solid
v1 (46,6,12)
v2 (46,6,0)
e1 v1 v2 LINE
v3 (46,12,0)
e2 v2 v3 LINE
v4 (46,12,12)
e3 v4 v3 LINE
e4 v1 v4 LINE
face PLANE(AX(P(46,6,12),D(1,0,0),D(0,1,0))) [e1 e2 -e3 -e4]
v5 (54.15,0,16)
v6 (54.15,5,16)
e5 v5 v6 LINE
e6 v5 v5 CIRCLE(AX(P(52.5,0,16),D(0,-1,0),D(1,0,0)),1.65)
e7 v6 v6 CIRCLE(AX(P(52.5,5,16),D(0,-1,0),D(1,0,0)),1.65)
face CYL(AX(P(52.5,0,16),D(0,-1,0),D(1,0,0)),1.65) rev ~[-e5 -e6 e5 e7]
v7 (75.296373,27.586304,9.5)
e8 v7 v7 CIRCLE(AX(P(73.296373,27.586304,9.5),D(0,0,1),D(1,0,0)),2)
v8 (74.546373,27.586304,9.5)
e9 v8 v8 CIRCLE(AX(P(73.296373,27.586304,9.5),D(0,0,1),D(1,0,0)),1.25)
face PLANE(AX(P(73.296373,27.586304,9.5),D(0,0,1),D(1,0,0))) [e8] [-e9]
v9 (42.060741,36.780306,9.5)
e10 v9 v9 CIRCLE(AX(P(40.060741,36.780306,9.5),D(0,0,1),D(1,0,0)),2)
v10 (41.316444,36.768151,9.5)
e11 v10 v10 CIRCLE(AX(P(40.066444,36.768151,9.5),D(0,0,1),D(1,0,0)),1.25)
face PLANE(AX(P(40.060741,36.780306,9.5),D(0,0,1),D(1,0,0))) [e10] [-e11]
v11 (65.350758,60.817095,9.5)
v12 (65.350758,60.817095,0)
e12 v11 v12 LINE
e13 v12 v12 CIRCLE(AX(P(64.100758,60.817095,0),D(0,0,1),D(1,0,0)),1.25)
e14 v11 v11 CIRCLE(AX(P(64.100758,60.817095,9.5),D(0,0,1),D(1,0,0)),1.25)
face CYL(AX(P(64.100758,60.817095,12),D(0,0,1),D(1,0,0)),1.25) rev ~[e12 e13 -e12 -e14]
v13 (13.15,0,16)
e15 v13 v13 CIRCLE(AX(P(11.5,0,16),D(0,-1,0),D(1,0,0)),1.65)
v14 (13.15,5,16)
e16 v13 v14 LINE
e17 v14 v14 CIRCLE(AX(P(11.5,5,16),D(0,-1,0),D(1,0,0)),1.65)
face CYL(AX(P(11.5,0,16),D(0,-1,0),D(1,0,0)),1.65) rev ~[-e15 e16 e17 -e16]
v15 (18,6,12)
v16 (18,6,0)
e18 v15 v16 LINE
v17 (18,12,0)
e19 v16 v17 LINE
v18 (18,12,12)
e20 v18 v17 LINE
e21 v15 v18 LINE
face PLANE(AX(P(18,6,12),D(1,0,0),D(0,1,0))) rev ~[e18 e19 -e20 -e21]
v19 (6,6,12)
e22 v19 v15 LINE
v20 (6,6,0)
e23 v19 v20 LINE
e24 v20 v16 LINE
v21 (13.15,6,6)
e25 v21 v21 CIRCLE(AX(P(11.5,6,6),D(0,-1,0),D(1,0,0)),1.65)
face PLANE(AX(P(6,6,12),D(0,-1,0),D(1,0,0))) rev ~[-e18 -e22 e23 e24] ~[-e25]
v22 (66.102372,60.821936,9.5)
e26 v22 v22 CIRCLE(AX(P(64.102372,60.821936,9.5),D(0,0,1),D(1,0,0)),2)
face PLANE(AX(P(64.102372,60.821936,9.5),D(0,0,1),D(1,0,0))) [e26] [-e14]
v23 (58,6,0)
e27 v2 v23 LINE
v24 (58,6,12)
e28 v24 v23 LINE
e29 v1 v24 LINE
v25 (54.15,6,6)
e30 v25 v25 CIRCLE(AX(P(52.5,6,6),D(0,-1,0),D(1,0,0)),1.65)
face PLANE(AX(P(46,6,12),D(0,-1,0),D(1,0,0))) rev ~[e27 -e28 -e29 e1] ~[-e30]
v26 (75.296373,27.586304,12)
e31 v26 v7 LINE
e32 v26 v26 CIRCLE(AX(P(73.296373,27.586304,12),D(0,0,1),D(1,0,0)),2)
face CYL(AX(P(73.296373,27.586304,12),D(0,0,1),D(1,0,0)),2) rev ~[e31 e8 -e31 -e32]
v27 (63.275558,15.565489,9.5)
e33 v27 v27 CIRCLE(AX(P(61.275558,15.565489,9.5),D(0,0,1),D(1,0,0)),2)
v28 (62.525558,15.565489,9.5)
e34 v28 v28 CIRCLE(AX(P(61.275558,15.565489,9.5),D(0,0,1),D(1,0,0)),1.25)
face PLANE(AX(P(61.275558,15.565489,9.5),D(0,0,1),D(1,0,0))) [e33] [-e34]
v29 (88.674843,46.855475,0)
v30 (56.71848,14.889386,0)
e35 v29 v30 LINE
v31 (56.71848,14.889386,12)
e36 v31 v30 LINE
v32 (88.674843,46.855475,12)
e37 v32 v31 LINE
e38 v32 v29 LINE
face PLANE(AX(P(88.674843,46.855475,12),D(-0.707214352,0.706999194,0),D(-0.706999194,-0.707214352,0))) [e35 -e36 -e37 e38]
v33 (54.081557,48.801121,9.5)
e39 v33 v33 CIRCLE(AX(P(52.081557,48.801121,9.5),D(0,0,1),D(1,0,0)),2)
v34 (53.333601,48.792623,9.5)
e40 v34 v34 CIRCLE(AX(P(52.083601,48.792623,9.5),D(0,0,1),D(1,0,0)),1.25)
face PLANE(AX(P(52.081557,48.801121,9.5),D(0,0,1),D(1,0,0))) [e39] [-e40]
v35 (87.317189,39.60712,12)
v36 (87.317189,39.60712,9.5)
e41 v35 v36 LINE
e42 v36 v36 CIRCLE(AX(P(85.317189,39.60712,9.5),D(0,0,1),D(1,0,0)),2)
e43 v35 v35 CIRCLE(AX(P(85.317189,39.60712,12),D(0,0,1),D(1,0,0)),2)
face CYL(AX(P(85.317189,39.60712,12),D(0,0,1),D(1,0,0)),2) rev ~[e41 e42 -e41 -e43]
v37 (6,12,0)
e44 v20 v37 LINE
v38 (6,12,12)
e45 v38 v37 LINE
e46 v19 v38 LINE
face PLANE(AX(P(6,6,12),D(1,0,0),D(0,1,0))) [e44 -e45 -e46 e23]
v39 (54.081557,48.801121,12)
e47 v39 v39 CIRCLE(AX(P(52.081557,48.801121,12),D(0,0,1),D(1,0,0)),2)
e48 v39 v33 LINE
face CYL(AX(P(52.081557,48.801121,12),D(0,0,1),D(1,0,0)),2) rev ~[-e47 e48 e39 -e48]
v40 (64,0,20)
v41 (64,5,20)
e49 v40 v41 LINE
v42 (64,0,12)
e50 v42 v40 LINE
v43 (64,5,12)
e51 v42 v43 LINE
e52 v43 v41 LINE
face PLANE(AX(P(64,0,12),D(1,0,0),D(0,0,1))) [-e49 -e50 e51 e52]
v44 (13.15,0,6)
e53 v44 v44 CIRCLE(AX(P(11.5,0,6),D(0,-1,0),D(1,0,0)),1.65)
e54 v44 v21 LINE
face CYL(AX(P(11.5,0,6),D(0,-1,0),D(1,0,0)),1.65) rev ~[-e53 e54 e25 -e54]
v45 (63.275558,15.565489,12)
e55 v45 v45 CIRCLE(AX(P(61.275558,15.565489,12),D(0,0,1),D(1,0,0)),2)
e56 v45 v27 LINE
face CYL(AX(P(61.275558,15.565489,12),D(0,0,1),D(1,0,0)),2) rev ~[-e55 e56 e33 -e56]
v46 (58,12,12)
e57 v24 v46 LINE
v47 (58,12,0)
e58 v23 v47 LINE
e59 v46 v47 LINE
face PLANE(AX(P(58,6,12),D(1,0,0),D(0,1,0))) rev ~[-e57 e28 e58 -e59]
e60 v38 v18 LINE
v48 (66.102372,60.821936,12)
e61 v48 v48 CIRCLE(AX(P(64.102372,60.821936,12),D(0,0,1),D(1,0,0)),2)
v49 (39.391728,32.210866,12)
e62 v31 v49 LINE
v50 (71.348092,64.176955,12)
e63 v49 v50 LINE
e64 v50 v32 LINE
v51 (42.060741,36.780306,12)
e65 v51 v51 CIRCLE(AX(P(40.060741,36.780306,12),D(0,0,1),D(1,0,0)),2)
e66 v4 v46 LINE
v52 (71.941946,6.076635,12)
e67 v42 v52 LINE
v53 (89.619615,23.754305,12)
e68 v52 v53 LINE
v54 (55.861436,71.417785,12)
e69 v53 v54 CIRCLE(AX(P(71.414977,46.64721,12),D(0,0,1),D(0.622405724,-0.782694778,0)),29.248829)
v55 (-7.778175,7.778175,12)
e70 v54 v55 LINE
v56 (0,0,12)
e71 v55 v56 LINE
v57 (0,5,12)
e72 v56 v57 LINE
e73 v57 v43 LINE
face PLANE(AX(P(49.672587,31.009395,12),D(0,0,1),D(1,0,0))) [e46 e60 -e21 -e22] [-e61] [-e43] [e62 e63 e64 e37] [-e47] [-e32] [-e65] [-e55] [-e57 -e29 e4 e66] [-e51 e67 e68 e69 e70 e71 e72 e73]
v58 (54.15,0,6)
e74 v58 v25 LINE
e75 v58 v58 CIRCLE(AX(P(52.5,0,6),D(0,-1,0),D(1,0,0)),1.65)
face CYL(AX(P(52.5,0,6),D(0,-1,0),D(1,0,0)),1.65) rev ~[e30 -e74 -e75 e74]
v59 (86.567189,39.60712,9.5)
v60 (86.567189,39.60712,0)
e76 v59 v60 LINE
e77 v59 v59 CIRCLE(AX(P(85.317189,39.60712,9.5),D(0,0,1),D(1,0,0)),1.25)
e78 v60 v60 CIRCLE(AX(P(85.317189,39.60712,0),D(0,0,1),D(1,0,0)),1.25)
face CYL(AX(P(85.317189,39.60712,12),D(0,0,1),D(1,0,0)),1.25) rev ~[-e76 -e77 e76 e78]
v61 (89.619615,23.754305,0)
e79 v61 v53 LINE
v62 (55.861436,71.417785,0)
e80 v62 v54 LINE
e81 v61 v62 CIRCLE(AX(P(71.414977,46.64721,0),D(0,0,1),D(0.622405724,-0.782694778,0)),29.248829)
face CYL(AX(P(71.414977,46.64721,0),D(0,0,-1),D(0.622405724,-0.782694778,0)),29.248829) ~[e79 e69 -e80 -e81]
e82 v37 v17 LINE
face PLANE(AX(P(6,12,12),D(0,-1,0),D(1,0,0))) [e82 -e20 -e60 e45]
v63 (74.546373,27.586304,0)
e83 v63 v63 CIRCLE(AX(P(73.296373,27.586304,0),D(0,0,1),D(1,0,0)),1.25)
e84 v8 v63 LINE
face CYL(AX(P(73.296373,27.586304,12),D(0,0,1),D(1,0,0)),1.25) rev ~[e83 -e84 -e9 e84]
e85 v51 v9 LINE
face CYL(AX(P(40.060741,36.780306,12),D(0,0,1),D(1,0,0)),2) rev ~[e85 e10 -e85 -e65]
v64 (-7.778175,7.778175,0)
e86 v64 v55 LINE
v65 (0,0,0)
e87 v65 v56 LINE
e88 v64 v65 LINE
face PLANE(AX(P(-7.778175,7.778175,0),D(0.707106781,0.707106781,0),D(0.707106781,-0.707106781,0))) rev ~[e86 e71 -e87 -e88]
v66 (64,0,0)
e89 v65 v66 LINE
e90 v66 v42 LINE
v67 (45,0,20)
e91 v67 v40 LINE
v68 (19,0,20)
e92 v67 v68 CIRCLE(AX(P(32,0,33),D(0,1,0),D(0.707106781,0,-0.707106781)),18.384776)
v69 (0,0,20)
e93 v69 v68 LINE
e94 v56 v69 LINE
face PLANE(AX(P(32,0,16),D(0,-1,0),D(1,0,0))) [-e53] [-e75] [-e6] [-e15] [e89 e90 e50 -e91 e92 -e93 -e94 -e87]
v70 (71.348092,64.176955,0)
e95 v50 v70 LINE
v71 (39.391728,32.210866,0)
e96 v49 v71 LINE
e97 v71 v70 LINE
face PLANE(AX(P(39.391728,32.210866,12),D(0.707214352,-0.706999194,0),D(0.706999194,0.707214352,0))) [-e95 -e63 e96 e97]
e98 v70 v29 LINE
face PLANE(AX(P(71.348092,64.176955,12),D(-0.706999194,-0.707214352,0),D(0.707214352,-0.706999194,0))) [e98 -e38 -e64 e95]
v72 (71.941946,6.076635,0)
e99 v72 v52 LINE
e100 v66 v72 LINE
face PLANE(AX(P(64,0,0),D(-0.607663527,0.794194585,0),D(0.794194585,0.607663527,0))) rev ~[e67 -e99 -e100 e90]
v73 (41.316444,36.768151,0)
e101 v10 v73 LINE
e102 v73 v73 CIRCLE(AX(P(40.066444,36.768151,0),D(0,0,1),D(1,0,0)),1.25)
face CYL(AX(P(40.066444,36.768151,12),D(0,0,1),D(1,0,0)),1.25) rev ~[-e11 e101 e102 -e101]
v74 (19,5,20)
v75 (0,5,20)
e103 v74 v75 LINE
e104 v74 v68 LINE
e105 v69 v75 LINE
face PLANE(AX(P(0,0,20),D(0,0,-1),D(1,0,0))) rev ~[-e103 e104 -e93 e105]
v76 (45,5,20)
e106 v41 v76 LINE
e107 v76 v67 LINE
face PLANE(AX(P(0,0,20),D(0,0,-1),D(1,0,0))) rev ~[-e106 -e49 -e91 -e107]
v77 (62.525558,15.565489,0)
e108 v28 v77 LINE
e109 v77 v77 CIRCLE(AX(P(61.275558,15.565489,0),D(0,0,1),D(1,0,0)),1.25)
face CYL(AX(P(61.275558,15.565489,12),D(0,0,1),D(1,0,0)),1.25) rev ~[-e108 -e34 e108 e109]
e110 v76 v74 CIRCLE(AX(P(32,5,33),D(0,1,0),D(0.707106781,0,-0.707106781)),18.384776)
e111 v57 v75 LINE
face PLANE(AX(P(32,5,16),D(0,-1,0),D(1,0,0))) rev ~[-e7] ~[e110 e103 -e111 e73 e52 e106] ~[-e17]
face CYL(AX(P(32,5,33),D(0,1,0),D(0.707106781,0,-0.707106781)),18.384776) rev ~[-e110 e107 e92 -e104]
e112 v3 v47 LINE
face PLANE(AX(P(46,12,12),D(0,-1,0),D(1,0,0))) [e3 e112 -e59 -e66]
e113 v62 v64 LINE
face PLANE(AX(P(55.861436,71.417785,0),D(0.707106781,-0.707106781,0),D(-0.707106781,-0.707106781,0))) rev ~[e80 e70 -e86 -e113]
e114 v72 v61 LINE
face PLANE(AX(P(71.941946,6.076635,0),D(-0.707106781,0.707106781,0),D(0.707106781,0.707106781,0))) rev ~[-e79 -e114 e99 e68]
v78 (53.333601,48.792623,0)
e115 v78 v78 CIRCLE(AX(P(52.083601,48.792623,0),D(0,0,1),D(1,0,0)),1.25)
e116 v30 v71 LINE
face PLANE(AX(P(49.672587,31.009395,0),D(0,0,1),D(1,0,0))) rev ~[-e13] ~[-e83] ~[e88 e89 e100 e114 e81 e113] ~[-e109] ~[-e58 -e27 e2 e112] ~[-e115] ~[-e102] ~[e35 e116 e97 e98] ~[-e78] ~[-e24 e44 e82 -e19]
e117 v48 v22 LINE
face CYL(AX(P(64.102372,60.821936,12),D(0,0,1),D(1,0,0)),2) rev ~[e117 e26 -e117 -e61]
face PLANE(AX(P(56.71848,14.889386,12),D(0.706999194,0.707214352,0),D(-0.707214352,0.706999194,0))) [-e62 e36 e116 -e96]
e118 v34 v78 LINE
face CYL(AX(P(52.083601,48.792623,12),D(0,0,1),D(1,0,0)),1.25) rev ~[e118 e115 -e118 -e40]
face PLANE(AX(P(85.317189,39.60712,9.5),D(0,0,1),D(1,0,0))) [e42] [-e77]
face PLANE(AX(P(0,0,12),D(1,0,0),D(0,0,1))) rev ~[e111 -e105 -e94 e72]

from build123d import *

# Parameters (mm, degrees)
BOSS_EXTRUDE2_DEPTH     = 12
CUT_EXTRUDE1_DEPTH      = 13
SKETCH3_R               = 1.25
CUT_EXTRUDE2_DEPTH      = 13
SKETCH5_R               = 1.65
CUT_EXTRUDE3_DEPTH      = 6
SKETCH6_W               = 12
SKETCH6_H               = 6
CUT_EXTRUDE4_DEPTH      = 13
SKETCH8_W               = 64
SKETCH8_H               = 8
BOSS_EXTRUDE3_DEPTH     = 5
SKETCH9_R               = 1.65
CUT_EXTRUDE5_DEPTH      = 5
SKETCH10_R              = 2
CUT_EXTRUDE6_DEPTH      = 2.5
CUT_EXTRUDE7_DEPTH      = 71.896039473
CUT_EXTRUDE7_DEPTH_BACK = 10


with BuildPart() as part:
    # Sketch1 → Boss-Extrude2 (new body)
    with BuildSketch(Plane.XY):
        with BuildLine():
            Line((0, 0), (64, 0))
            Line((64, 0), (71.941945847, 6.076635266))
            Line((71.941945847, 6.076635266), (89.619615377, 23.754304796))
            ThreePointArc((89.619615377, 23.754304796), (95.283552654, 63.552389681), (55.861435714, 71.4177849))
            Line((55.861435714, 71.4177849), (-7.778174593, 7.778174593))
            Line((-7.778174593, 7.778174593), (0, 0))
        make_face()
    extrude(amount=BOSS_EXTRUDE2_DEPTH)

    # Sketch2 → Cut-Extrude1 (cut, through all)
    with BuildSketch(Plane.XY.offset(12)):
        Polygon((56.718479601, 14.889386235), (39.391727984, 32.210866495), (71.348091567, 64.176955192), (88.674843183, 46.855474932), align=None)
    extrude(amount=-CUT_EXTRUDE1_DEPTH, mode=Mode.SUBTRACT)

    # Sketch3 → Cut-Extrude2 (cut, through all)
    with BuildSketch(Plane.XY.offset(12)):
        with Locations((85.317188693, 39.60711951)):
            Circle(SKETCH3_R)
        with Locations((73.296373413, 27.58630423)):
            Circle(SKETCH3_R)
        with Locations((61.275558133, 15.565488949)):
            Circle(SKETCH3_R)
        with Locations((64.100758142, 60.817095339)):
            Circle(SKETCH3_R)
        with Locations((52.083601094, 48.792622939)):
            Circle(SKETCH3_R)
        with Locations((40.066444047, 36.76815054)):
            Circle(SKETCH3_R)
    extrude(amount=-CUT_EXTRUDE2_DEPTH, mode=Mode.SUBTRACT)

    # Sketch5 → Cut-Extrude3 (cut)
    with BuildSketch(Plane.XZ):
        with Locations((11.5, 6)):
            Circle(SKETCH5_R)
        with Locations((52.5, 6)):
            Circle(SKETCH5_R)
    extrude(amount=-CUT_EXTRUDE3_DEPTH, mode=Mode.SUBTRACT)

    # Sketch6 → Cut-Extrude4 (cut, through all)
    with BuildSketch(Plane.XY.offset(12)):
        with Locations((12, 9)):
            Rectangle(SKETCH6_W, SKETCH6_H)
        with Locations((52, 9)):
            Rectangle(SKETCH6_W, SKETCH6_H)
    extrude(amount=-CUT_EXTRUDE4_DEPTH, mode=Mode.SUBTRACT)

    # Sketch8 → Boss-Extrude3 (add)
    with BuildSketch(Plane.XZ):
        with Locations((32, 16)):
            Rectangle(SKETCH8_W, SKETCH8_H)
    extrude(amount=-BOSS_EXTRUDE3_DEPTH)

    # Sketch9 → Cut-Extrude5 (cut)
    with BuildSketch(Plane.XZ):
        with Locations((11.5, 16)):
            Circle(SKETCH9_R)
        with Locations((52.5, 16)):
            Circle(SKETCH9_R)
    extrude(amount=-CUT_EXTRUDE5_DEPTH, mode=Mode.SUBTRACT)

    # Sketch10 → Cut-Extrude6 (cut)
    with BuildSketch(Plane.XY.offset(12)):
        with Locations((85.317188693, 39.60711951)):
            Circle(SKETCH10_R)
        with Locations((73.296373413, 27.58630423)):
            Circle(SKETCH10_R)
        with Locations((61.275558133, 15.565488949)):
            Circle(SKETCH10_R)
        with Locations((40.060741262, 36.78030582)):
            Circle(SKETCH10_R)
        with Locations((52.081556543, 48.8011211)):
            Circle(SKETCH10_R)
        with Locations((64.102371823, 60.82193638)):
            Circle(SKETCH10_R)
    extrude(amount=-CUT_EXTRUDE6_DEPTH, mode=Mode.SUBTRACT)

    # Sketch11 → Cut-Extrude7 (cut, two sides)
    with BuildSketch(Plane(origin=(0, 5, 0), x_dir=(1, 0, 0), z_dir=(0, 1, 0))) as cut_extrude7_sk:
        with BuildLine():
            ThreePointArc((45, -20), (32, -14.615223689), (19, -20))
            Line((19, -20), (45, -20))
        make_face()
    extrude(amount=CUT_EXTRUDE7_DEPTH, mode=Mode.SUBTRACT)
    extrude(cut_extrude7_sk.sketch, amount=-CUT_EXTRUDE7_DEPTH_BACK, mode=Mode.SUBTRACT)


solid = part.part
